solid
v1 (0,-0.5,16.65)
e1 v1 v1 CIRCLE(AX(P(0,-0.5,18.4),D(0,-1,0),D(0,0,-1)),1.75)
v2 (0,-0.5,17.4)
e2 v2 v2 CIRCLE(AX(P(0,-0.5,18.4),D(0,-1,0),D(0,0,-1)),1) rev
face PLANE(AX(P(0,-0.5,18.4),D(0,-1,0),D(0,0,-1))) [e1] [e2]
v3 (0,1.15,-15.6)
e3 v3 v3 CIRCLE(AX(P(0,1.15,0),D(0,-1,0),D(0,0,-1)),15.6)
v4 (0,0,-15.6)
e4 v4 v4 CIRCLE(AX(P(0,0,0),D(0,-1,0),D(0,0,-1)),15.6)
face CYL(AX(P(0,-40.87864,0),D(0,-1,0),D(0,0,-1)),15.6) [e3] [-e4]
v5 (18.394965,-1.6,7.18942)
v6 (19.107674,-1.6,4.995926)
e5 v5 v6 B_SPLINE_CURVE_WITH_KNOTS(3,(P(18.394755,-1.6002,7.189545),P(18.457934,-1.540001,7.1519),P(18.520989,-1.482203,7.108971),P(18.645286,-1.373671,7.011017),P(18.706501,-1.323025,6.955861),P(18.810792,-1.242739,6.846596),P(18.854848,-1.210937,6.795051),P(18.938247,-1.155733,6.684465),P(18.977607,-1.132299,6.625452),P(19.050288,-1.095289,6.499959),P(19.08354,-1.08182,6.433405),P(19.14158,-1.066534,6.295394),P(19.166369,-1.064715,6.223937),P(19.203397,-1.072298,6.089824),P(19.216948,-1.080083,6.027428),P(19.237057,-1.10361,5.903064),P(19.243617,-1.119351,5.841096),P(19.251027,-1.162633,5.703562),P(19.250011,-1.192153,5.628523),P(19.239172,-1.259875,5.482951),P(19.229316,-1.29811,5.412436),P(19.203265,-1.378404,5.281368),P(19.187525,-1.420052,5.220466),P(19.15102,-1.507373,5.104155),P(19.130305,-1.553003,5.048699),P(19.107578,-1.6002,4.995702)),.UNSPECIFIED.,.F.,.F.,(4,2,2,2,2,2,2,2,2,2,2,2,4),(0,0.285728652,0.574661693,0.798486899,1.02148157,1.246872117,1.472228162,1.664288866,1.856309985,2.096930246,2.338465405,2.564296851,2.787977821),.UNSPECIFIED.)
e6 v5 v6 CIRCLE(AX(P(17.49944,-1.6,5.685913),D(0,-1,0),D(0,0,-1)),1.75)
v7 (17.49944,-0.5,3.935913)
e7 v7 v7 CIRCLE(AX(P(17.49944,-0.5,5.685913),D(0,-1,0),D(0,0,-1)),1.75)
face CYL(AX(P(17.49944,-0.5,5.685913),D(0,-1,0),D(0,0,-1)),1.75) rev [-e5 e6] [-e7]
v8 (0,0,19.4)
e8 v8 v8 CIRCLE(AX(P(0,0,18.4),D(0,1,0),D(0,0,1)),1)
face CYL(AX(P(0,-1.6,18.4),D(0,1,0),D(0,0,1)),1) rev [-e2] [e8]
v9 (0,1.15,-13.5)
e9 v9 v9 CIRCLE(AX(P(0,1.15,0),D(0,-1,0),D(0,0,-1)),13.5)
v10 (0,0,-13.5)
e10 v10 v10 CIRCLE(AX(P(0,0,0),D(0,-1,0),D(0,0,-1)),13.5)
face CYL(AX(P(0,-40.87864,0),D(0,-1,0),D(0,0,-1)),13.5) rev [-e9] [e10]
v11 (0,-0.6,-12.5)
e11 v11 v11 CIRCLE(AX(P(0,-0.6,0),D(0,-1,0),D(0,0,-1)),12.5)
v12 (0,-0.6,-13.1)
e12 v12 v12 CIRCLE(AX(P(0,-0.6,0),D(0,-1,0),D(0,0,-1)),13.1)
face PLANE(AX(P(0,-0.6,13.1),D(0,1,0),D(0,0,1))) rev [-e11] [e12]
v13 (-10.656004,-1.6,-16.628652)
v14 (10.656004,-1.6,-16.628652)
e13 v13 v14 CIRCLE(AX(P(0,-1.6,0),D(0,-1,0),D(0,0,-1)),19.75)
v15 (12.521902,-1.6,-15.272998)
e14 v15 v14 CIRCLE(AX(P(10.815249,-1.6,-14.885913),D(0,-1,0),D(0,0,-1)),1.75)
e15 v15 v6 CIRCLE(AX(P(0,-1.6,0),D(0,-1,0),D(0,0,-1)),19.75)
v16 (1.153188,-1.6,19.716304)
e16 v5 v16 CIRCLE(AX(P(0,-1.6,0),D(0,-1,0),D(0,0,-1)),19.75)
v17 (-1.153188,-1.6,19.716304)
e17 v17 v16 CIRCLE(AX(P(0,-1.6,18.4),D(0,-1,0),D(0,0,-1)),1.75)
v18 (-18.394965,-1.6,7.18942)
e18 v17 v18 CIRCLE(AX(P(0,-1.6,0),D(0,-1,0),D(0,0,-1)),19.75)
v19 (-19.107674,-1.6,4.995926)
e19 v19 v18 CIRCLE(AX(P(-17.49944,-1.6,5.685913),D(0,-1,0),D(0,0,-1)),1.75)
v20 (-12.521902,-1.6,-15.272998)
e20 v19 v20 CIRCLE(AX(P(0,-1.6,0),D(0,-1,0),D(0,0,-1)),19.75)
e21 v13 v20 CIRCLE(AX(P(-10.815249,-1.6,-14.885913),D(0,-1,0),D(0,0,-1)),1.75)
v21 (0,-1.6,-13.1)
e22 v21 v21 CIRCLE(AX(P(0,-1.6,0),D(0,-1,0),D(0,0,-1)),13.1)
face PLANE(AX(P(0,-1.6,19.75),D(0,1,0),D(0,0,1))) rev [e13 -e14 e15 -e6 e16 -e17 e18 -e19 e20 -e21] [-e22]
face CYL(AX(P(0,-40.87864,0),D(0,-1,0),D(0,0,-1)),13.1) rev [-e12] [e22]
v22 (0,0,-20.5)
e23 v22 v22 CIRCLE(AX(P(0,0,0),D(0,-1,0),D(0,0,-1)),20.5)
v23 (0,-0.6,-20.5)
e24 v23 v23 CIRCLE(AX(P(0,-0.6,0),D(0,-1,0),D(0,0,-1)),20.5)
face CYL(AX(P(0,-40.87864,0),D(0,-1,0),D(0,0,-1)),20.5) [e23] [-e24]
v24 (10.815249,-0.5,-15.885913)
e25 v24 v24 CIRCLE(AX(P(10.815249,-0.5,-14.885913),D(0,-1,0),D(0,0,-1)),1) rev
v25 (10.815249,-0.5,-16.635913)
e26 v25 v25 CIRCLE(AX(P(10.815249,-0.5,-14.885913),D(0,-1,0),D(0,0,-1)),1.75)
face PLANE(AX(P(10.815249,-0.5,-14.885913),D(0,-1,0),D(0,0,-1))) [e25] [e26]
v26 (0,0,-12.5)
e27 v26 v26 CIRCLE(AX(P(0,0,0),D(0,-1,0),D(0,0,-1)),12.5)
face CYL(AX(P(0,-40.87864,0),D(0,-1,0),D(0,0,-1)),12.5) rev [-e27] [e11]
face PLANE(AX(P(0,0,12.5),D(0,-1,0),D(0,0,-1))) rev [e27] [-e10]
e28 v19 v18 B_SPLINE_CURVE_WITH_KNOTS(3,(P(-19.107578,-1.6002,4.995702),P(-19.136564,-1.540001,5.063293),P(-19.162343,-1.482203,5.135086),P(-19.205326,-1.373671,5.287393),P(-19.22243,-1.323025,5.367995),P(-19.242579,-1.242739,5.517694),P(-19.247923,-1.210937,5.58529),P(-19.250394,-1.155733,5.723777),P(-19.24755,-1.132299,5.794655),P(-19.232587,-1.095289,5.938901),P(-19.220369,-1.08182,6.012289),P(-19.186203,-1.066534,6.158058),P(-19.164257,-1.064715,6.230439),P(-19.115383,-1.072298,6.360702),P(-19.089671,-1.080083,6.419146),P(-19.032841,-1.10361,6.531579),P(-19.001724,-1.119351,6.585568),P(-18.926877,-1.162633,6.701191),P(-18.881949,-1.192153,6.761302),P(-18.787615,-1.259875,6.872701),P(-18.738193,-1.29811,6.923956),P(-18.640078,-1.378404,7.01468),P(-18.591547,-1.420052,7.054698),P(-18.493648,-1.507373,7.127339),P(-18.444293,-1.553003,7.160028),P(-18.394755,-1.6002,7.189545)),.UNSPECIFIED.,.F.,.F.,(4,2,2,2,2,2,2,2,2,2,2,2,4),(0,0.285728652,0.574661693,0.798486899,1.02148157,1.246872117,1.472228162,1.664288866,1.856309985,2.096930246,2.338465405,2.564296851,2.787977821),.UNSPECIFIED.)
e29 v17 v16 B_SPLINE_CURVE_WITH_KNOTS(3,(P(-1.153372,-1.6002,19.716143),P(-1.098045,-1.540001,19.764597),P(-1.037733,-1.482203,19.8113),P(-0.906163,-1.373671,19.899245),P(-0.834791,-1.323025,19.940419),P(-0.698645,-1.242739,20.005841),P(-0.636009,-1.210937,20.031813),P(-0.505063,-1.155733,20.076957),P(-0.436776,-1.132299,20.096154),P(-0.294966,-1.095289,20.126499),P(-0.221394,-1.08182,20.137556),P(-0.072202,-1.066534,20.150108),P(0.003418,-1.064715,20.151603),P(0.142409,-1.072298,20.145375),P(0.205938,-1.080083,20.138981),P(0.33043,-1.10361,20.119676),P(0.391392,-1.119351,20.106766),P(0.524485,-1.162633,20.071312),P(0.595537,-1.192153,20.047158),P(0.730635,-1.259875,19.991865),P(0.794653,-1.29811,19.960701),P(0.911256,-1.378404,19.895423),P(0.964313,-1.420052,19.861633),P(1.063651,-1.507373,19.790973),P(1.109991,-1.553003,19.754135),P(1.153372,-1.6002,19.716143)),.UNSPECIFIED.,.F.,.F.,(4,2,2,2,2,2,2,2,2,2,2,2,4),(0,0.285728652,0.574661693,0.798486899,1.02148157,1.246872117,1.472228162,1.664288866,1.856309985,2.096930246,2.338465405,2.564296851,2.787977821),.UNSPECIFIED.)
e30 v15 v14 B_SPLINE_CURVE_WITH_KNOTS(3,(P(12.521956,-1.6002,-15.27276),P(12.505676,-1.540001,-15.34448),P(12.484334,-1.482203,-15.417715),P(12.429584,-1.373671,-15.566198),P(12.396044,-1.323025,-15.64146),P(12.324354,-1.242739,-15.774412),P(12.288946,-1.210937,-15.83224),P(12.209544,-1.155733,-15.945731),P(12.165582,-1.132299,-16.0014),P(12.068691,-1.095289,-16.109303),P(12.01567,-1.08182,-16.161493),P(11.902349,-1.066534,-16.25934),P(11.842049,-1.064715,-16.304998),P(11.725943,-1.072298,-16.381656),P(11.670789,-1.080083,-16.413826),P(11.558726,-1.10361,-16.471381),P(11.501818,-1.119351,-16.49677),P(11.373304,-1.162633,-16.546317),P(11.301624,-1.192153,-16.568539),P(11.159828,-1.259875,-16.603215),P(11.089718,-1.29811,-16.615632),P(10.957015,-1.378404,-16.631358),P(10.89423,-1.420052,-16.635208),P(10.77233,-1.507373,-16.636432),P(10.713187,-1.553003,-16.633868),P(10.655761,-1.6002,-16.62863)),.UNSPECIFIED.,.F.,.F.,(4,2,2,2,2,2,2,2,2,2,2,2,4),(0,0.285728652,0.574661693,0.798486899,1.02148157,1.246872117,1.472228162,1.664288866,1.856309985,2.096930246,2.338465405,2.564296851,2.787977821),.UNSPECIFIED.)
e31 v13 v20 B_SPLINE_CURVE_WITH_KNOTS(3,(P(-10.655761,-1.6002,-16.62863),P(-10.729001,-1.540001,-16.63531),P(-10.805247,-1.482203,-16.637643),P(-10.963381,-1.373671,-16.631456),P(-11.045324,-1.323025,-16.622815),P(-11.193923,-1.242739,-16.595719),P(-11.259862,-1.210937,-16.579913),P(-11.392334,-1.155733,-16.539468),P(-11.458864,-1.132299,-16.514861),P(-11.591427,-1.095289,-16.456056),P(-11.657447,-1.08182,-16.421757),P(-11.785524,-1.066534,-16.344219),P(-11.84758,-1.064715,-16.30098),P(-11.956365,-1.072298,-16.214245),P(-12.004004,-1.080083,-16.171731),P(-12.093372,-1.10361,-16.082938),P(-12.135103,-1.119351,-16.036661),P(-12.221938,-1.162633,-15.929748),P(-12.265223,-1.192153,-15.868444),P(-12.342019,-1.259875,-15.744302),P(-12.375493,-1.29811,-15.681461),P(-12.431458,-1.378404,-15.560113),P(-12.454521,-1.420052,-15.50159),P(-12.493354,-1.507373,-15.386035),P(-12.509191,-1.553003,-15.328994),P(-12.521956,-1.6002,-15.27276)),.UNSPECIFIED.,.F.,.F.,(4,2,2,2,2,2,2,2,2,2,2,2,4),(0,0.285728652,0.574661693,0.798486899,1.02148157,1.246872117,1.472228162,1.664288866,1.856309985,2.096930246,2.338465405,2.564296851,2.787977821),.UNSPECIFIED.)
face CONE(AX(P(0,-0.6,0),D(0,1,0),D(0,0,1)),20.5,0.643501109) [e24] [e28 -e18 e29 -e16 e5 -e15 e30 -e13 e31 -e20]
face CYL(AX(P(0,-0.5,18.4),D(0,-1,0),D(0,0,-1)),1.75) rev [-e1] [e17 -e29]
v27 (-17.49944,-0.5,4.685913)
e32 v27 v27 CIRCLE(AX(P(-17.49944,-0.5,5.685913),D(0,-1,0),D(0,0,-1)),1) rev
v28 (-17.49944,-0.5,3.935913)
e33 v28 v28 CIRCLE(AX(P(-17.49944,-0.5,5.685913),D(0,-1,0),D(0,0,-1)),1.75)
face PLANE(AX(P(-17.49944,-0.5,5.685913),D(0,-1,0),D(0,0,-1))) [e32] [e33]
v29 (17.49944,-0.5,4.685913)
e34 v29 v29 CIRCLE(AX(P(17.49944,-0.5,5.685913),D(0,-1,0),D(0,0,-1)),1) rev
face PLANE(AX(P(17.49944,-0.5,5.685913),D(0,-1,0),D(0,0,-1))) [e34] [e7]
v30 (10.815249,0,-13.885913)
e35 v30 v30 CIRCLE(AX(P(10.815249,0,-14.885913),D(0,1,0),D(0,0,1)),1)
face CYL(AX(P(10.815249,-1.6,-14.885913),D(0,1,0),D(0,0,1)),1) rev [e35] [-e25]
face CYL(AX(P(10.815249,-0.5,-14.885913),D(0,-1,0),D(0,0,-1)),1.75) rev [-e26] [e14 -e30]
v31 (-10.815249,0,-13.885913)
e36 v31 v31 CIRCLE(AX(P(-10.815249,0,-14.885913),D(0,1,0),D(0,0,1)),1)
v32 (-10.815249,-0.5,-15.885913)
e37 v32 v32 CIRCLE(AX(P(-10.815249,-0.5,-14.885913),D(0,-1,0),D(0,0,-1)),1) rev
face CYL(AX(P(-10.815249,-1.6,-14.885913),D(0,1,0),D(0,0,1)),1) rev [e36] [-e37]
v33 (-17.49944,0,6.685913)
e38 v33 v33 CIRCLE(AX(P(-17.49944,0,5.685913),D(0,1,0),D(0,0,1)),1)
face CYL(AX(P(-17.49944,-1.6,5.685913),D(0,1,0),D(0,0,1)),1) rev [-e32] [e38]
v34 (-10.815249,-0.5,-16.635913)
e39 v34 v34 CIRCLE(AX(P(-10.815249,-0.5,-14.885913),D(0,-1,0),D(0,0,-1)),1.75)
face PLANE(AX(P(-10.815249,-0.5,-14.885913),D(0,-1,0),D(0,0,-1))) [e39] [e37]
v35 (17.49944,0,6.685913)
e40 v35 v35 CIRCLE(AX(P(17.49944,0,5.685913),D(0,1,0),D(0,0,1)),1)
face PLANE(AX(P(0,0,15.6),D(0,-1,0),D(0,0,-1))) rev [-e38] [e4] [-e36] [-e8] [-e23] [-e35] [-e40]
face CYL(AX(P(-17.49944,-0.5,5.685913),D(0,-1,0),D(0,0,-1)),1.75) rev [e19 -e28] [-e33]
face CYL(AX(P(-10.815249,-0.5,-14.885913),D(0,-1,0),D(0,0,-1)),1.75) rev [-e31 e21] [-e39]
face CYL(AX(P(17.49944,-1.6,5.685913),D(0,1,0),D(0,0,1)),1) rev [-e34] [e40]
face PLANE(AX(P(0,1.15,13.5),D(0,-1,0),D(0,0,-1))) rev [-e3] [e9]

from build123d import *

# Parameters (mm, degrees)
ESQUISSE2_R             = 1
ENL_V_MAT_EXTRU_1_DEPTH = 2.6
ESQUISSE3_R             = 1.75
ENL_V_MAT_EXTRU_2_DEPTH = 1.1


with BuildPart() as part:
    # Esquisse1 → Révolution1 (revolve)
    with BuildSketch(Plane(origin=(0, 0, 0), x_dir=(0, 0, -1), z_dir=(1, 0, 0)), mode=Mode.PRIVATE) as r_volution1_sk:
        Polygon((-13.5, 0), (-13.5, 1.15), (-15.6, 1.15), (-15.6, 0), (-20.5, 0), (-20.5, -0.6), (-19.75, -1.6), (-13.1, -1.6), (-13.1, -0.6), (-12.5, -0.6), (-12.5, 0), align=None)
    revolve(r_volution1_sk.sketch.rotate(Axis((0, -40.878639624, 0), (0, 1, 0)), 180), axis=Axis((0, -40.878639624, 0), (0, 1, 0)))  # turned: the seam where the file's is

    # Esquisse2 → Enlèv. mat.-Extru.1 (cut, through all)
    with BuildSketch(Plane(origin=(0, 0, 0), x_dir=(1, 0, 0), z_dir=(0, 1, 0))):
        with Locations(Location((0, -18.4, 0), (0, 0, 270))):  # turned: the seam where the file's is
            Circle(ESQUISSE2_R)
        with Locations(Location((17.4994399, -5.685912696, 0), (0, 0, 270))):  # turned: the seam where the file's is
            Circle(ESQUISSE2_R)
        with Locations(Location((10.815248642, 14.885912696, 0), (0, 0, 270))):  # turned: the seam where the file's is
            Circle(ESQUISSE2_R)
        with Locations(Location((-10.815248642, 14.885912696, 0), (0, 0, 270))):  # turned: the seam where the file's is
            Circle(ESQUISSE2_R)
        with Locations(Location((-17.4994399, -5.685912696, 0), (0, 0, 270))):  # turned: the seam where the file's is
            Circle(ESQUISSE2_R)
    extrude(amount=-ENL_V_MAT_EXTRU_1_DEPTH, mode=Mode.SUBTRACT)

    # Esquisse3 → Enlèv. mat.-Extru.2 (cut)
    with BuildSketch(Plane.XZ.offset(1.6)):
        with Locations(Location((0, 18.4, 0), (0, 0, 270))):  # turned: the seam where the file's is
            Circle(ESQUISSE3_R)
        with Locations(Location((17.4994399, 5.685912696, 0), (0, 0, 270))):  # turned: the seam where the file's is
            Circle(ESQUISSE3_R)
        with Locations(Location((10.815248642, -14.885912696, 0), (0, 0, 270))):  # turned: the seam where the file's is
            Circle(ESQUISSE3_R)
        with Locations(Location((-10.815248642, -14.885912696, 0), (0, 0, 270))):  # turned: the seam where the file's is
            Circle(ESQUISSE3_R)
        with Locations(Location((-17.4994399, 5.685912696, 0), (0, 0, 270))):  # turned: the seam where the file's is
            Circle(ESQUISSE3_R)
    extrude(amount=-ENL_V_MAT_EXTRU_2_DEPTH, mode=Mode.SUBTRACT)


solid = part.part
